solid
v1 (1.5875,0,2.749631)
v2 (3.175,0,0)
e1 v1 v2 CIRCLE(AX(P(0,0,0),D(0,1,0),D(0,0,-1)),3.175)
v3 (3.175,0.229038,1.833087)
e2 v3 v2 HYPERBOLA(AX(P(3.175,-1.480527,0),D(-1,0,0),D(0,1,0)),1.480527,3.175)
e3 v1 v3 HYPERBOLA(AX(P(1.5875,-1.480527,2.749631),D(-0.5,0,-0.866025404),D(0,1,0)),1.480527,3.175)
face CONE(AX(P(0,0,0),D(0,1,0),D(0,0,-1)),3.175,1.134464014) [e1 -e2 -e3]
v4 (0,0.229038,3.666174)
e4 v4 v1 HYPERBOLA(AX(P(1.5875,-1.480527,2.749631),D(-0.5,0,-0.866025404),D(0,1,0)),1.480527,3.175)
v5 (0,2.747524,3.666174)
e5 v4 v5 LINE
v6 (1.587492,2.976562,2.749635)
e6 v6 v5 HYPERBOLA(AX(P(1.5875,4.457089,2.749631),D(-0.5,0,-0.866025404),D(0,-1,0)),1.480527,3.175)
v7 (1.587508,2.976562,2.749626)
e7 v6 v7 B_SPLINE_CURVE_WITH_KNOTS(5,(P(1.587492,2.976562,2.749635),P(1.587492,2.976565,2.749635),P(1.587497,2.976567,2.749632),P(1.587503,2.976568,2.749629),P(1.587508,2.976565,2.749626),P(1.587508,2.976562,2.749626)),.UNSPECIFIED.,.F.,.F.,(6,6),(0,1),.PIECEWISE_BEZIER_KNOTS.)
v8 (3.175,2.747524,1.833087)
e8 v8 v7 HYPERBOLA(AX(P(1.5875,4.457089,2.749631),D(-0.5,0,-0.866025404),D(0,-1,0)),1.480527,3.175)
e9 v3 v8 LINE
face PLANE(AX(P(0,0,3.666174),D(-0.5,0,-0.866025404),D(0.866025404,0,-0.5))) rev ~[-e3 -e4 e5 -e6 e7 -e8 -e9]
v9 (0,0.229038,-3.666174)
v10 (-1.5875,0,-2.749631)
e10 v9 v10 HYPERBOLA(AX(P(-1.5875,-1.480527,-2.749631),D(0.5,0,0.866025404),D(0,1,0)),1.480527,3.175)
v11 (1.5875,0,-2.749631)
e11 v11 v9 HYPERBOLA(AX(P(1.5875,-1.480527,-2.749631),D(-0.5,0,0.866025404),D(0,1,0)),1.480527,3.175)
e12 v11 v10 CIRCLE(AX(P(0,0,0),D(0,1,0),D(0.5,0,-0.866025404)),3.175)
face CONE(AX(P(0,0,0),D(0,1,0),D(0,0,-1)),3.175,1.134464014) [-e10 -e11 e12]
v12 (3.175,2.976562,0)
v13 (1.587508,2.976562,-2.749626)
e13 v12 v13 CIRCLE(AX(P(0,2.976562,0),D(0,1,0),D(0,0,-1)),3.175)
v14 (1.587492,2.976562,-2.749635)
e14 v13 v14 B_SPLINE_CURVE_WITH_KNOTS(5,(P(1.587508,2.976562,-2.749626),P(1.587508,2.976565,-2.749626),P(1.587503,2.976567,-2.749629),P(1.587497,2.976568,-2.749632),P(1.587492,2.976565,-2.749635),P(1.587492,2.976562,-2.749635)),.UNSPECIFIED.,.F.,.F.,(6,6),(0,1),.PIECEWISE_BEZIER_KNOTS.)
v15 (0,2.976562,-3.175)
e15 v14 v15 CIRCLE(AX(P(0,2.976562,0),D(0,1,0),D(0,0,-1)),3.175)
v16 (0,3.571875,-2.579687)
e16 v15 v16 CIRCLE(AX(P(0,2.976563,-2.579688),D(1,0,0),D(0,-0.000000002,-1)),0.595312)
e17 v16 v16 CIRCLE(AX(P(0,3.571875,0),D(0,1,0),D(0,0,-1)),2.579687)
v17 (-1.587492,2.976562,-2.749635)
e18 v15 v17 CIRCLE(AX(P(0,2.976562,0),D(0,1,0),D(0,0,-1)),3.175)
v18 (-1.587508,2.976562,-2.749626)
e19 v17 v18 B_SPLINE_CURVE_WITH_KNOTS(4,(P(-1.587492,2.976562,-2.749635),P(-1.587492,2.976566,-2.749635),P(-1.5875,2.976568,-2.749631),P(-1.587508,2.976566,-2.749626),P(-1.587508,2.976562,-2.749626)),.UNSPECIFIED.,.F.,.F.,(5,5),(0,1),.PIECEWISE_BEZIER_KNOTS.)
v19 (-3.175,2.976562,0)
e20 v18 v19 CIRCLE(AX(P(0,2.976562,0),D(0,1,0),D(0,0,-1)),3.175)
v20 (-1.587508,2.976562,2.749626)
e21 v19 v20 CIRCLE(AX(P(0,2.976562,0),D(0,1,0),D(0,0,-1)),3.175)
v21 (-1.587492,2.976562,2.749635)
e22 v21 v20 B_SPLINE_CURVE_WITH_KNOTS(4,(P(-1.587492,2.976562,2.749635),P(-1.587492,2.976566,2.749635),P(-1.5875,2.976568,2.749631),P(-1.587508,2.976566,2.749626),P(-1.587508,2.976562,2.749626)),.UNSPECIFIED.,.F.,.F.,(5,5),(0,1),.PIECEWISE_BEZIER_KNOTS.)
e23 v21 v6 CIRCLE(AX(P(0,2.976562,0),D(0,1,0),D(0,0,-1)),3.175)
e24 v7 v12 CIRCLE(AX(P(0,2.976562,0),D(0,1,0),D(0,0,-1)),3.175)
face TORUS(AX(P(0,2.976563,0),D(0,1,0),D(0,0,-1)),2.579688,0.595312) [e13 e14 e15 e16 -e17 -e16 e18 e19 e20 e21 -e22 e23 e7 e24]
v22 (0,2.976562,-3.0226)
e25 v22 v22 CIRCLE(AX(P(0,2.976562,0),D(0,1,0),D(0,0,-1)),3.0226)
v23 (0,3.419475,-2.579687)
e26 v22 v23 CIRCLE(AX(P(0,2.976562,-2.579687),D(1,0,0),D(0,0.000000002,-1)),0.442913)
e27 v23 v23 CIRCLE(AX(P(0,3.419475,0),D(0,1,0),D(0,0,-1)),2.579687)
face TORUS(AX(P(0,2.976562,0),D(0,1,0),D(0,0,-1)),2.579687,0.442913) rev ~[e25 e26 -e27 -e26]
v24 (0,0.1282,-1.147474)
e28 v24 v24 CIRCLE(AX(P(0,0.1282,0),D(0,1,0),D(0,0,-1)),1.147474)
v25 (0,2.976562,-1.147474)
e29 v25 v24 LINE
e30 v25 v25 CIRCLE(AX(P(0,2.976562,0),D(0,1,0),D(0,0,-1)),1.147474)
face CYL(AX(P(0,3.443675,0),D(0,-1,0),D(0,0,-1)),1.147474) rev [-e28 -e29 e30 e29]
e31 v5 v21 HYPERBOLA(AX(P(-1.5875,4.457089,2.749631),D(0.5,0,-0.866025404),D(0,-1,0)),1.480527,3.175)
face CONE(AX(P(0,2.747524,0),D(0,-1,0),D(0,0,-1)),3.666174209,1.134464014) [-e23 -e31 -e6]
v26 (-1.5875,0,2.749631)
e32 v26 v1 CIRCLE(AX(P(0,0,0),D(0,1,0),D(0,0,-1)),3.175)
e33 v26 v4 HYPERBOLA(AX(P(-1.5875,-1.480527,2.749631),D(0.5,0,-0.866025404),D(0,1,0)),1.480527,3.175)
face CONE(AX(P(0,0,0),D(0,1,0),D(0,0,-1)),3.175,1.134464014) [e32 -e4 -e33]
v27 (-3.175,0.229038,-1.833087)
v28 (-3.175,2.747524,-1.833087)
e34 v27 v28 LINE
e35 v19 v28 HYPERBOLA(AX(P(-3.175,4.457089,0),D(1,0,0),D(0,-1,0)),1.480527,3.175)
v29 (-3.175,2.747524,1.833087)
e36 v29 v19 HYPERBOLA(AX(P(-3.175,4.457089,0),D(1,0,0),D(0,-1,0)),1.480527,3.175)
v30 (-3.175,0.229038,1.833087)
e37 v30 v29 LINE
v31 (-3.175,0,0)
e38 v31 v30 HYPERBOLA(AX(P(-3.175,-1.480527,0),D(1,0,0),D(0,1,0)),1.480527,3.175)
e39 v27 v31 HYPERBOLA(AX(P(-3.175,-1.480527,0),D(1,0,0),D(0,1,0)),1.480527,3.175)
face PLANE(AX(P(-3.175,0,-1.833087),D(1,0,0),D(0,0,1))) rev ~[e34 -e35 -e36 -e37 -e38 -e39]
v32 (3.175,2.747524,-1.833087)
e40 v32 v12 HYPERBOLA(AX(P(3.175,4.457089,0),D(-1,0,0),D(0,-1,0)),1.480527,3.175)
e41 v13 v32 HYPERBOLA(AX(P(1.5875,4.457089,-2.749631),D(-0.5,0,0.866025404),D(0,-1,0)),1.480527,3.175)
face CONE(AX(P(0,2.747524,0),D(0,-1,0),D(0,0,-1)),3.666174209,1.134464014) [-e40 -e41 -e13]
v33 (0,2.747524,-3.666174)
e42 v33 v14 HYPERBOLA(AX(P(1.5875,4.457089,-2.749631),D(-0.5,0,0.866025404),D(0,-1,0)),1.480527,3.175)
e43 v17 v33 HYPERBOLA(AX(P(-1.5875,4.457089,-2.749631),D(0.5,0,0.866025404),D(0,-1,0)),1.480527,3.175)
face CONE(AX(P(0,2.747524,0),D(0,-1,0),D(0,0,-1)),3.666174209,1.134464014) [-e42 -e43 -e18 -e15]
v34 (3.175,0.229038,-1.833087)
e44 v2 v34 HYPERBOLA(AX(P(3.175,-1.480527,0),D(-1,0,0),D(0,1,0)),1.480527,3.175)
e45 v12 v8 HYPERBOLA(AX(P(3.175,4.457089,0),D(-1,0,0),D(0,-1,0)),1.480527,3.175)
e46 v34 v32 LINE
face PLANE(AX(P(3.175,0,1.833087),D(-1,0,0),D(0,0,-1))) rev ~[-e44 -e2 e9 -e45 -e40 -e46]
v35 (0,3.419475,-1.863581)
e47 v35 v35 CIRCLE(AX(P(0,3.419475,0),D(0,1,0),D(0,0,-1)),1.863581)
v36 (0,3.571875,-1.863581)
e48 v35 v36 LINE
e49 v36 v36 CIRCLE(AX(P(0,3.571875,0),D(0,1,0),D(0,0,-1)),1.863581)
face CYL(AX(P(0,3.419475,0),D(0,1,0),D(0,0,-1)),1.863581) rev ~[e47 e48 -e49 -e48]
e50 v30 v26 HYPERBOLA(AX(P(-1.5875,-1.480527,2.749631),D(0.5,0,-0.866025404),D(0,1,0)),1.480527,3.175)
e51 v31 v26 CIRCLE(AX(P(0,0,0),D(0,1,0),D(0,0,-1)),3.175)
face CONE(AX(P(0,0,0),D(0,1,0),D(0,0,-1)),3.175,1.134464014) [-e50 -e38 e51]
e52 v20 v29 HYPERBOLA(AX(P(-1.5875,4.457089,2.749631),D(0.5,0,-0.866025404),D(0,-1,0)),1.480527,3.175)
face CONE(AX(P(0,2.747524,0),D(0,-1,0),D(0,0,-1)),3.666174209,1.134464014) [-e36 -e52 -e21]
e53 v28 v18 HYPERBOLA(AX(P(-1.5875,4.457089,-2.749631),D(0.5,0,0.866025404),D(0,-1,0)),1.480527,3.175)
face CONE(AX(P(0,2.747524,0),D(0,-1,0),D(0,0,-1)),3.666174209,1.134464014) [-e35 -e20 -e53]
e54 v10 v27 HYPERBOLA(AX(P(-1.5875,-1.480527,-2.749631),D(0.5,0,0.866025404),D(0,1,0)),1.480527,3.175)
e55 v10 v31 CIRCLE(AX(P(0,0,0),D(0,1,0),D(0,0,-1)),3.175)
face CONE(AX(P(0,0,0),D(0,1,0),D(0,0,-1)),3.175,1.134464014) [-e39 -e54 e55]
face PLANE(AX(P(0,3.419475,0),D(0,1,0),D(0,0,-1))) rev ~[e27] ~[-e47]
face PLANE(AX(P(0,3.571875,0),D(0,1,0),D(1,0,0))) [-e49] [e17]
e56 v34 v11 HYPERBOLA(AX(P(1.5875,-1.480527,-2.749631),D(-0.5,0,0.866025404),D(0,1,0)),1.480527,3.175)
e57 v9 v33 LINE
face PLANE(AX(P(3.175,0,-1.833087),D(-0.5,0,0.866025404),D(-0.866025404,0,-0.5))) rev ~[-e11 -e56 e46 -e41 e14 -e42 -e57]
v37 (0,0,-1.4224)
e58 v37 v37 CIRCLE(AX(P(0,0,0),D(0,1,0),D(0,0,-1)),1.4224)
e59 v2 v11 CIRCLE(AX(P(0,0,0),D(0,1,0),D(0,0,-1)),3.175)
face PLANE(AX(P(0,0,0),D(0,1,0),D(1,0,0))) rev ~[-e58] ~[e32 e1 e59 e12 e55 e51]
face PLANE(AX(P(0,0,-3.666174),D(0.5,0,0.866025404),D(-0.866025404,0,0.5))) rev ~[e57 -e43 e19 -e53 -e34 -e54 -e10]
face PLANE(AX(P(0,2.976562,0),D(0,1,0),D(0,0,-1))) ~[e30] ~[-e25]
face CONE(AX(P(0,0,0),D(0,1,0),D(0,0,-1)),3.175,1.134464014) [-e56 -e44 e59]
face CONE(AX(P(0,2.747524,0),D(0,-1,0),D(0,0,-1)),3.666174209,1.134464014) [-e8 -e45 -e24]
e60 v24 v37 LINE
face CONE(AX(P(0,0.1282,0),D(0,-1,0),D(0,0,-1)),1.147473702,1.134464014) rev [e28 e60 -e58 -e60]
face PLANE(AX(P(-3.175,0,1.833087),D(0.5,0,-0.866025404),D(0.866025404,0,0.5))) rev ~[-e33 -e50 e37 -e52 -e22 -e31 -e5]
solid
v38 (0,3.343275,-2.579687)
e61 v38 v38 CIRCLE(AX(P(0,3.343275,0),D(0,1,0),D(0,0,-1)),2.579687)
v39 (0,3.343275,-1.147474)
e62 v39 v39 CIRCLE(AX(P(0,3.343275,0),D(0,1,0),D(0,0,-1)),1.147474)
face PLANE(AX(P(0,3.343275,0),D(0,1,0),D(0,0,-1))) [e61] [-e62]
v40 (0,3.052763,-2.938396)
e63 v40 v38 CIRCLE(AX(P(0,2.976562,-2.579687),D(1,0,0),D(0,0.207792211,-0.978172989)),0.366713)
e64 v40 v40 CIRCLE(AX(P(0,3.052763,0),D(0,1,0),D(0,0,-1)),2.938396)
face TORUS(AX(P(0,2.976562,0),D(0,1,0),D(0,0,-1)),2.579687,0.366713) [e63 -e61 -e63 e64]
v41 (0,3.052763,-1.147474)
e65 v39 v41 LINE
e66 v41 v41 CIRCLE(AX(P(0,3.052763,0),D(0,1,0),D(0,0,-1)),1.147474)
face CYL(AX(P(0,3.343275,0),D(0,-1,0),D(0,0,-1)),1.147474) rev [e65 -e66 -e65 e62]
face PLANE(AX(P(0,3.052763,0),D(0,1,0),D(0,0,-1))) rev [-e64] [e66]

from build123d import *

# Parameters (mm, degrees)
EXTRUDE1_DEPTH = 3.571875


with BuildPart() as part:
    # Sketch1 → Extrude1 (new body)
    with BuildSketch(Plane(origin=(0, 0, 0), x_dir=(1, 0, 0), z_dir=(0, 1, 0))):
        Polygon((0, 3.666174209), (-3.175, 1.833087105), (-3.175, -1.833087105), (0, -3.666174209), (3.175, -1.833087105), (3.175, 1.833087105), align=None)
    extrude(amount=EXTRUDE1_DEPTH)

    # Sketch4 → Cut-Revolve2 (revolve, cut)
    with BuildSketch(Plane(origin=(0, 0, 0), x_dir=(0, 0, -1), z_dir=(1, 0, 0))):
        Polygon((0, 3.571875), (1.4224, 3.571875), (1.147473702, 3.443674762), (1.147473702, 0.128200238), (1.4224, 0), (0, 0), align=None)
    revolve(axis=Axis((0, 3.571875, 0), (0, 1, 0)), mode=Mode.SUBTRACT)

    # Sketch5 → Cut-Revolve3 (revolve, cut)
    with BuildSketch(Plane(origin=(0, 0, 0), x_dir=(0, 0, -1), z_dir=(1, 0, 0))):
        with BuildLine():
            Line((0, 0), (3.175, 0))
            Line((3.175, 0), (3.666174209, 0.229038295))
            Line((3.666174209, 0.229038295), (3.666174209, 2.747524205))
            Line((3.666174209, 2.747524205), (3.175, 2.9765625))
            ThreePointArc((3.175, 2.9765625), (3.000637006, 3.397512006), (2.5796875, 3.571875))
            Line((2.5796875, 3.571875), (2.5796875, 4.841875))
            Line((2.5796875, 4.841875), (4.936174209, 4.841875))
            Line((4.936174209, 4.841875), (4.936174209, -1.27))
            Line((4.936174209, -1.27), (0, -1.27))
            Line((0, -1.27), (0, 0))
        make_face()
    revolve(axis=Axis((0, 0, 0), (0, 1, 0)), mode=Mode.SUBTRACT)

    # Sketch6 → Cut-Revolve4 (revolve, cut)
    with BuildSketch(Plane(origin=(0, 0, 0), x_dir=(0, 0, -1), z_dir=(1, 0, 0))):
        with BuildLine():
            Line((1.147473702, 2.9765625), (3.0226, 2.9765625))
            ThreePointArc((3.0226, 2.9765625), (2.892873932, 3.289748932), (2.5796875, 3.419475))
            Line((2.5796875, 3.419475), (1.863580601, 3.419475))
            Line((1.863580601, 3.419475), (1.863580601, 4.841875))
            Line((1.863580601, 4.841875), (1.147473702, 4.841875))
            Line((1.147473702, 4.841875), (1.147473702, 2.9765625))
        make_face()
    revolve(axis=Axis((0, 0, 0), (0, 1, 0)), mode=Mode.SUBTRACT)


with BuildPart() as body_2:
    # Sketch7 → Revolve2 (revolve)
    with BuildSketch(Plane(origin=(0, 0, 0), x_dir=(0, 0, -1), z_dir=(1, 0, 0))):
        with BuildLine():
            Line((1.147473702, 3.0527625), (2.938395763, 3.0527625))
            ThreePointArc((2.938395763, 3.0527625), (2.810484559, 3.261537543), (2.5796875, 3.343275))
            Line((2.5796875, 3.343275), (1.147473702, 3.343275))
            Line((1.147473702, 3.343275), (1.147473702, 3.0527625))
        make_face()
    revolve(axis=Axis((0, 3.0527625, 0), (0, 1, 0)))


solid = Compound([part.part, body_2.part])
